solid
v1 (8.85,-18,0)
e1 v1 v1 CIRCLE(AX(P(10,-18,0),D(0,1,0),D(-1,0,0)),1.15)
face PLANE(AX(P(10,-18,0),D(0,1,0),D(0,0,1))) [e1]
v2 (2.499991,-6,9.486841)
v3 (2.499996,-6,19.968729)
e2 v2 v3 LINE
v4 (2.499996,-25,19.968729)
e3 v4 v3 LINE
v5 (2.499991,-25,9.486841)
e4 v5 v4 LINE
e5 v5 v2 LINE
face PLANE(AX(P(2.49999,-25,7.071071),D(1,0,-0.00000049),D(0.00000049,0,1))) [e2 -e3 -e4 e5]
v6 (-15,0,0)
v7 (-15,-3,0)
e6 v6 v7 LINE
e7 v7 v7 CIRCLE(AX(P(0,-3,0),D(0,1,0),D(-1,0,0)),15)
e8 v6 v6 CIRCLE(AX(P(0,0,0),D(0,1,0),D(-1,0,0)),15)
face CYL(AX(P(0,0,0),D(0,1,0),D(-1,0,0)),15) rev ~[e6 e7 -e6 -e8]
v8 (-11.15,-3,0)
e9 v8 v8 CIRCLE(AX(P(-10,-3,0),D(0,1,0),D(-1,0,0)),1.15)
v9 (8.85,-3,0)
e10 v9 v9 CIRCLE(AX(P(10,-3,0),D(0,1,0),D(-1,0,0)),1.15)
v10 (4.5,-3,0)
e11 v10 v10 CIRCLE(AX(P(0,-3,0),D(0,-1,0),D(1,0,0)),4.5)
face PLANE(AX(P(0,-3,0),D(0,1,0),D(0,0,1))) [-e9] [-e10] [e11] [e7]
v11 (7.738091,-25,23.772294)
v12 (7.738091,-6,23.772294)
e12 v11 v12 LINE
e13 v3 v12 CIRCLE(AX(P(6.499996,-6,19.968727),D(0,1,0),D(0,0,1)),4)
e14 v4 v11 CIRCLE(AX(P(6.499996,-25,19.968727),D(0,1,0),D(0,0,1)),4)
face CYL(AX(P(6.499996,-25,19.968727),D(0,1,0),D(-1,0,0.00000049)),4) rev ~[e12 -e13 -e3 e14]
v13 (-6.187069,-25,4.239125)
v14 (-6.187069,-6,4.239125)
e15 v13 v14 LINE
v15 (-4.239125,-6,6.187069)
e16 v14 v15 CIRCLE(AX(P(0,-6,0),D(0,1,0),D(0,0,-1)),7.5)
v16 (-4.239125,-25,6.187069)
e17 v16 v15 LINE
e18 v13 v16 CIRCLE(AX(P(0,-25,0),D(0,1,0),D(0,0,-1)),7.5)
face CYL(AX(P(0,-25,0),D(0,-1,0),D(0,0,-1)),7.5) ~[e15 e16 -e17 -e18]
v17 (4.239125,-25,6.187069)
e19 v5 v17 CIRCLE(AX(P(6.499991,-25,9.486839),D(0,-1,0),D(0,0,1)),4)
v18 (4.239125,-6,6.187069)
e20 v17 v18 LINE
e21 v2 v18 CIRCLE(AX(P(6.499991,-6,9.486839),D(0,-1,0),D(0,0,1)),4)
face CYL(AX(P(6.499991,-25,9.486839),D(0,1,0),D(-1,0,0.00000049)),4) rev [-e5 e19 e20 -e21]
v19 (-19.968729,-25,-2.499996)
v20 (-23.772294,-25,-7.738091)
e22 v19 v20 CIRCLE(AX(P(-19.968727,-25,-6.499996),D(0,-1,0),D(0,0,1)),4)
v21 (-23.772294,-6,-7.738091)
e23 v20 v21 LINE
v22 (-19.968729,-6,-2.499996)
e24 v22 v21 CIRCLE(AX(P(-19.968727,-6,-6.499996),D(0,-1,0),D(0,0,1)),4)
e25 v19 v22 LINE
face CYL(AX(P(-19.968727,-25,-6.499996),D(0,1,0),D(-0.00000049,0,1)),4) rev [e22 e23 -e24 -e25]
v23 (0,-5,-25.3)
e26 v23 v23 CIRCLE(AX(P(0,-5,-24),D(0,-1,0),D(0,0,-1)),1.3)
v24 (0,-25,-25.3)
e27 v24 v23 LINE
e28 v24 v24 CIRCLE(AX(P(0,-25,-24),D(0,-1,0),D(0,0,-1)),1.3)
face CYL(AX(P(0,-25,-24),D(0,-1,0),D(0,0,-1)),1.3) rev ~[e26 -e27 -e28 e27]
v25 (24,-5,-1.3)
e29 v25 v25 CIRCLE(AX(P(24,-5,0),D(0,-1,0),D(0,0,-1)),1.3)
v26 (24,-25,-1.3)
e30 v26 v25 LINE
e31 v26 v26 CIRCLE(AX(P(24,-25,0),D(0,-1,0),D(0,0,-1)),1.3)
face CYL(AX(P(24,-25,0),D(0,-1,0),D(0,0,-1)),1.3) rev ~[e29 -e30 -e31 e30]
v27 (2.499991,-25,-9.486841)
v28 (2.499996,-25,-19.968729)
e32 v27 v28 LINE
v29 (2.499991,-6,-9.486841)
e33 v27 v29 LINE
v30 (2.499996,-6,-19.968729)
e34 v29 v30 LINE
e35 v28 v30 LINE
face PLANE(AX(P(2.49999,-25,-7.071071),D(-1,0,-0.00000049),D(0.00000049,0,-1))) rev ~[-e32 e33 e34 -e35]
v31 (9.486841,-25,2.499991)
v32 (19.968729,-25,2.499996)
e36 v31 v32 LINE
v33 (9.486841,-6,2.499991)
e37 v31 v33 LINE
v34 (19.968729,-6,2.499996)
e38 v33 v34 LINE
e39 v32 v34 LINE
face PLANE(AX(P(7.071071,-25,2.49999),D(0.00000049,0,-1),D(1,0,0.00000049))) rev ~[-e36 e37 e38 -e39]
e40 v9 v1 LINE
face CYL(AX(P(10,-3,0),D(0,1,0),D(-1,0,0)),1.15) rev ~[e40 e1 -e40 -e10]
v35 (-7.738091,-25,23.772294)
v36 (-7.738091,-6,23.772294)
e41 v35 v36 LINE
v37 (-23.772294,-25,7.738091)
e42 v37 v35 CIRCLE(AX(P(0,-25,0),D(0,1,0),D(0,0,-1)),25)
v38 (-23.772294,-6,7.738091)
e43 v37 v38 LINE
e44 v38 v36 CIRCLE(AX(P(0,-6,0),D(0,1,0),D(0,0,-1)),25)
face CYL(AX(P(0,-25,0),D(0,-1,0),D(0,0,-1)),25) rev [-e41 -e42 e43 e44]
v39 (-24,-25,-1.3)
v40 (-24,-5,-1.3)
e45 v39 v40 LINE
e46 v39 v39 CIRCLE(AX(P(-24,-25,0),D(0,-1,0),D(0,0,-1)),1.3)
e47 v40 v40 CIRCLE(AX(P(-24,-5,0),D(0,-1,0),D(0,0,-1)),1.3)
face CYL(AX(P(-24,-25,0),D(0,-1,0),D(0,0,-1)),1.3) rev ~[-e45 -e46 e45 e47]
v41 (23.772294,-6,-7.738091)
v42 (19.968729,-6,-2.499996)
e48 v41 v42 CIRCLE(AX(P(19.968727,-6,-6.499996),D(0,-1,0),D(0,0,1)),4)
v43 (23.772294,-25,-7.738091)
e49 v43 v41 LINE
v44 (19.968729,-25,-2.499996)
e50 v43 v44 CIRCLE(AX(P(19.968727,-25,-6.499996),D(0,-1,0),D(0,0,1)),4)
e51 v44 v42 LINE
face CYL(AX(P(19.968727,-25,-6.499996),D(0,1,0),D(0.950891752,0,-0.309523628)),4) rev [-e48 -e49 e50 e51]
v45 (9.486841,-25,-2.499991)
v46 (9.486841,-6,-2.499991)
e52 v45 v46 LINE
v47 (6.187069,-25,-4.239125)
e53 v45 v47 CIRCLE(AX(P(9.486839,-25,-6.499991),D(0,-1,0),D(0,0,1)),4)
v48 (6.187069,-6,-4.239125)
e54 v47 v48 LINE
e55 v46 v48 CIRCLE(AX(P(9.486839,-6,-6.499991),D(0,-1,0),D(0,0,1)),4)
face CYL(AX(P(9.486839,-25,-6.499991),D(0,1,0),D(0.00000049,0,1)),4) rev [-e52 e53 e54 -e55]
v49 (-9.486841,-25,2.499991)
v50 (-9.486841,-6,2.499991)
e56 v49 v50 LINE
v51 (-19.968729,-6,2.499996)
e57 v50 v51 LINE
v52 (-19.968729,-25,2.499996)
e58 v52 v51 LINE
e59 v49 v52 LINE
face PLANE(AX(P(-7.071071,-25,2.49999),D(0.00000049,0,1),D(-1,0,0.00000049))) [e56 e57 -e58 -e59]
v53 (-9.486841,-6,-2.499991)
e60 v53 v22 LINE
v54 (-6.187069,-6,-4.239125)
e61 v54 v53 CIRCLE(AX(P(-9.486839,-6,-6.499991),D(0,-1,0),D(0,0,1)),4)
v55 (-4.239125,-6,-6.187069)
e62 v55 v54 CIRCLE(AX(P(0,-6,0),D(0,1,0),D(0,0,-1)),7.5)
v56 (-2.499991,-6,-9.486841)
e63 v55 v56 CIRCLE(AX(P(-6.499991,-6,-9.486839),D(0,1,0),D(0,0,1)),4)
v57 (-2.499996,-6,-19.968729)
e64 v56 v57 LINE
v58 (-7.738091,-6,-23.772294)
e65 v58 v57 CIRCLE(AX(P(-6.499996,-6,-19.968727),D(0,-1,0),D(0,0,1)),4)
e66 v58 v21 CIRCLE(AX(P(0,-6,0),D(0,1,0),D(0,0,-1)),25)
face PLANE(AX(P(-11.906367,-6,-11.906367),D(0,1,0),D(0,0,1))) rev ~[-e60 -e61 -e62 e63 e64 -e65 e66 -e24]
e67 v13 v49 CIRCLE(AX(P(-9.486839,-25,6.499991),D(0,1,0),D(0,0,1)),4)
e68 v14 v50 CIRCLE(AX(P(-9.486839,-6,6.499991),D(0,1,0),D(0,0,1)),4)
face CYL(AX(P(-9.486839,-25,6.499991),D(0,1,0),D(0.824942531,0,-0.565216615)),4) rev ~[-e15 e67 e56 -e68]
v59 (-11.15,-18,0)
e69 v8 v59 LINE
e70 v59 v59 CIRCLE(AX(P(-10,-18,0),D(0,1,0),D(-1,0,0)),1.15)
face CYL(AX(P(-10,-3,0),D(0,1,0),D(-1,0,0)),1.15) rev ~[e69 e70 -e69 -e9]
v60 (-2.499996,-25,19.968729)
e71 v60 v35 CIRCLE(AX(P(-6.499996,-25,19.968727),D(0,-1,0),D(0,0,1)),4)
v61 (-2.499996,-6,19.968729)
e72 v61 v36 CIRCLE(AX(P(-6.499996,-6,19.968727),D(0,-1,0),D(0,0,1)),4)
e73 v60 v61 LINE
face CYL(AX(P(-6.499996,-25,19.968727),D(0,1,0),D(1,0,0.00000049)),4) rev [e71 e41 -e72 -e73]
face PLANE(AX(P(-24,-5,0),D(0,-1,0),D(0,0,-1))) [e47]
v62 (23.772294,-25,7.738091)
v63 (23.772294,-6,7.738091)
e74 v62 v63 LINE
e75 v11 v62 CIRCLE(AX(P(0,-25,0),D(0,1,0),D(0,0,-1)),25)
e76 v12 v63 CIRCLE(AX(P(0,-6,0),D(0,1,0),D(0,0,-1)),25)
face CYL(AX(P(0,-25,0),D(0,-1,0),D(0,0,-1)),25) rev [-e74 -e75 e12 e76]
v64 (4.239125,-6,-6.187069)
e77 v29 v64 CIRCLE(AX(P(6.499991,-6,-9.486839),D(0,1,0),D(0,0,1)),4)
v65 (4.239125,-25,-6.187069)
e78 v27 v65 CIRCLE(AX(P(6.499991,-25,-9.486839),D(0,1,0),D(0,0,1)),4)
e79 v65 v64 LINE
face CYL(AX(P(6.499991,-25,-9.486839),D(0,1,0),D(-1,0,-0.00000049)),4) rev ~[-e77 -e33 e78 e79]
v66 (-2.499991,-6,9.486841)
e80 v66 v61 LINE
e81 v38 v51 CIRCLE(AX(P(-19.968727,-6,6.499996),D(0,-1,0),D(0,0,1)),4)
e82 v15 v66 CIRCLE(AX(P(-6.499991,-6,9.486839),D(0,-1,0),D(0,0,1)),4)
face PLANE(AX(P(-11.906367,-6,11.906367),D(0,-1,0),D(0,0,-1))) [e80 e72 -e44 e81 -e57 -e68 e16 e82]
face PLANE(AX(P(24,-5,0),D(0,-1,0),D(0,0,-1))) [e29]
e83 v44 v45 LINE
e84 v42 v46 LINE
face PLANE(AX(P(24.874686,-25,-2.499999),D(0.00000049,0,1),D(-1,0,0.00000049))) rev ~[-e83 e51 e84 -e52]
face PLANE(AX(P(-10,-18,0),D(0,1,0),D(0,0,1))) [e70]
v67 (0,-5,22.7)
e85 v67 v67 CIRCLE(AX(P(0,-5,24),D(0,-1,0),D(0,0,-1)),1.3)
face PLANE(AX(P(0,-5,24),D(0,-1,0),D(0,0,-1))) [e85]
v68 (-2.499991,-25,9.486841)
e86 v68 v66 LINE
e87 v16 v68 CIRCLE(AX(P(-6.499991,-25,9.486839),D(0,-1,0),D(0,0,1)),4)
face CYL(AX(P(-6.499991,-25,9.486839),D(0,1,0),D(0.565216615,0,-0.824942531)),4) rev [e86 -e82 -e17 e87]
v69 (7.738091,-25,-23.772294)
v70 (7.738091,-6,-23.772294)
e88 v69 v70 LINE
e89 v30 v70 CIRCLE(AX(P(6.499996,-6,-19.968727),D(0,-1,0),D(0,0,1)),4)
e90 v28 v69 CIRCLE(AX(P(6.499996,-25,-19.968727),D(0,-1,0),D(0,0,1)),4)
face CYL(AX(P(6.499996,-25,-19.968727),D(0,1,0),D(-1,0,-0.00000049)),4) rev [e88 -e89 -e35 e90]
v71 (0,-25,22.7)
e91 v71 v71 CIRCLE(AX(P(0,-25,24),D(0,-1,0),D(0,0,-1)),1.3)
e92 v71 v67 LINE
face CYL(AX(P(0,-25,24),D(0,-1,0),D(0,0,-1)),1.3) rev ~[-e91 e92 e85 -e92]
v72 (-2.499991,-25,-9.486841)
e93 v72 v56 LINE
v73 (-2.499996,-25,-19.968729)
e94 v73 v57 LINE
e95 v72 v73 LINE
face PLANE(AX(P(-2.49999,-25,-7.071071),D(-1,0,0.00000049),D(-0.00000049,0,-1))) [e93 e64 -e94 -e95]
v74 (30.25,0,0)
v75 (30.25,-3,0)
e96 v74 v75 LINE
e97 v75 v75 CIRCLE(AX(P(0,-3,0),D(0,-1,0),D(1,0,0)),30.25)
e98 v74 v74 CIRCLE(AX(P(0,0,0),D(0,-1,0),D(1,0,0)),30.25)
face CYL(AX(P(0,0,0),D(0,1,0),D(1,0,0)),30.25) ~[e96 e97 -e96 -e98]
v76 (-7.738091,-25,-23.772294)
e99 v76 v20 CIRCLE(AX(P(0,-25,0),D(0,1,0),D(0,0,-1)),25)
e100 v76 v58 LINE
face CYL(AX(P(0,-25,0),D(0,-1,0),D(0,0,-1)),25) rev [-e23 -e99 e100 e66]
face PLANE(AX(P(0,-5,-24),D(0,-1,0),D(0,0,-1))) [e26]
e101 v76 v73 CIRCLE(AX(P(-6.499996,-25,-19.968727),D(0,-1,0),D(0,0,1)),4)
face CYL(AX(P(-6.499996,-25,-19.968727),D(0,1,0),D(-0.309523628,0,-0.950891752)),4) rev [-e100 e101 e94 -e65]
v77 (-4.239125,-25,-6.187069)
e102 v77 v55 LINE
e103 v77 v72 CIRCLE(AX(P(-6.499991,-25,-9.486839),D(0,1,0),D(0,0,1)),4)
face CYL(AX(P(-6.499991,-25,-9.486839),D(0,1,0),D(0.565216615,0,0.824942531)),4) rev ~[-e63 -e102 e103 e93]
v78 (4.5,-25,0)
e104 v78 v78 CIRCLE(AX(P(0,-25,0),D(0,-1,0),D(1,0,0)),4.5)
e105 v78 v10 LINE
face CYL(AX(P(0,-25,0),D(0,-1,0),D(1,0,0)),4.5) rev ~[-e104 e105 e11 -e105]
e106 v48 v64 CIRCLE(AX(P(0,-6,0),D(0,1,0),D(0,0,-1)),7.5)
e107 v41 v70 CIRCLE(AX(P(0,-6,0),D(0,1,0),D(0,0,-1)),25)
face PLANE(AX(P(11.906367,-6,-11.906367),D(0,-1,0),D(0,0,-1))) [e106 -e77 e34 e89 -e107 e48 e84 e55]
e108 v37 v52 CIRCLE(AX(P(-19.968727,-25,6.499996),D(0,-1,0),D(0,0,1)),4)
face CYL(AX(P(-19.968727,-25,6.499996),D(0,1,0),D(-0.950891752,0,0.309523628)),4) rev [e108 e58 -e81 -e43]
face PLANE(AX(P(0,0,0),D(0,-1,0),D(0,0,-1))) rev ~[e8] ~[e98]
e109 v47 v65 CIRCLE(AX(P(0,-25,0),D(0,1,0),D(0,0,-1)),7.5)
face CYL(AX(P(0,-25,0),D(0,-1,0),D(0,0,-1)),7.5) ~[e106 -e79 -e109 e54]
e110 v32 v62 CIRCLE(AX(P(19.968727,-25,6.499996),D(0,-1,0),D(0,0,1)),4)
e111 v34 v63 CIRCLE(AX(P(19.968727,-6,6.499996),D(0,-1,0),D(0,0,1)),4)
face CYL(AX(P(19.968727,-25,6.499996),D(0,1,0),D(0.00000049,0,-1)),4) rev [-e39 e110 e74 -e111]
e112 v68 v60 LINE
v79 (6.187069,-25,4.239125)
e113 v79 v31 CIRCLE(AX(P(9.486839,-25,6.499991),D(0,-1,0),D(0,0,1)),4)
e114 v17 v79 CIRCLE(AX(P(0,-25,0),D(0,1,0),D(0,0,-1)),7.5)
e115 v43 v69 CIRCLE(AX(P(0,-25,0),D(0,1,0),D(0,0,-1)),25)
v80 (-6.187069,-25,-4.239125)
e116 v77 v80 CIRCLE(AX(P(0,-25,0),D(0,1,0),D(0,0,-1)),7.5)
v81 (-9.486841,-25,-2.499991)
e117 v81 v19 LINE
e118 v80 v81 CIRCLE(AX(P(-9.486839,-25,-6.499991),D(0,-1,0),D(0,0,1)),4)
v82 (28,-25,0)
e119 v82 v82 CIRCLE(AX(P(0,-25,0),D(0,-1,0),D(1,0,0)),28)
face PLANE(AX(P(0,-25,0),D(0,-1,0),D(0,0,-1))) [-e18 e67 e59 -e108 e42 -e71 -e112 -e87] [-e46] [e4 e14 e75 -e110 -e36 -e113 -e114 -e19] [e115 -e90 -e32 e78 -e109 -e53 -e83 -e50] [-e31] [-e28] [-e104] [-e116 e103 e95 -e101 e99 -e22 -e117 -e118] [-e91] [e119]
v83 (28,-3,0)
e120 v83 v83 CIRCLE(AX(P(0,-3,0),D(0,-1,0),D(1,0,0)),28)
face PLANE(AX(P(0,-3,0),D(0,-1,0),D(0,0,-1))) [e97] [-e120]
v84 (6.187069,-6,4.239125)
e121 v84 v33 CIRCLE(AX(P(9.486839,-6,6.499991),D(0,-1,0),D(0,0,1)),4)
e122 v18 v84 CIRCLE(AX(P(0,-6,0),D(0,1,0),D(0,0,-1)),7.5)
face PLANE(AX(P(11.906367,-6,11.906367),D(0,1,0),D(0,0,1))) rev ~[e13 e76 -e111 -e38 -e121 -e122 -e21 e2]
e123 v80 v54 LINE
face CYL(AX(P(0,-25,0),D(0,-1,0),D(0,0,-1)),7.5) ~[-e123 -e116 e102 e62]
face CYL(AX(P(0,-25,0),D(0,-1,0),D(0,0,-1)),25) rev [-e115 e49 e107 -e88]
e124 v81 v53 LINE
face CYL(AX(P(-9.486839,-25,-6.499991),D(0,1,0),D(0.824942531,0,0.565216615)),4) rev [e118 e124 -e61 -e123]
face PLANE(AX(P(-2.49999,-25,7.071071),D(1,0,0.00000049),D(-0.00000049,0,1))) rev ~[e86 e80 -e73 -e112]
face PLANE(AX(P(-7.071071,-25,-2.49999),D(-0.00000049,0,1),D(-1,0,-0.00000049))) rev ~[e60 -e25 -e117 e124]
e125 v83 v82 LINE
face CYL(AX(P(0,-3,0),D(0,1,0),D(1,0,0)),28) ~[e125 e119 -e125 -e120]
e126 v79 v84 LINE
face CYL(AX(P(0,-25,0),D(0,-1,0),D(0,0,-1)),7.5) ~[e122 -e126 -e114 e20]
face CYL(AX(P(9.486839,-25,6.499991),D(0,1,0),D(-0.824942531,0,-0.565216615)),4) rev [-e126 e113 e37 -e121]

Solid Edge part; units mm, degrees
sketch "Sketch1" plane through (0, 0, 0) normal (0, -1, 0) x (1, 0, 0)
  circle A0 centre (0, 0) radius 30.25
extrude "Protrusion1" add sketch "Sketch1" along normal blind 3
sketch "Sketch2" plane through (0, -3, 0) normal (0, -1, 0) x (1, 0, 0)
  circle A0 centre (0, 0) radius 28
extrude "ExtrudedProtrusion_2" add sketch "Sketch2" along normal blind 22
sketch "Sketch3" plane through (0, 0, 0) normal (0, 1, 0) x (-1, 0, 0)
  circle A0 centre (0, 0) radius 15
extrude "ExtrudedCutout_1" cut sketch "Sketch3" against normal blind 3 and the other way up to next
sketch "Sketch4" plane through (0, -25, 0) normal (0, -1, 0) x (1, 0, 0)
  circle A0 centre (0, 0) radius 4.5
extrude "Cutout1" cut sketch "Sketch4" against normal through all and the other way up to next
sketch "Sketch5" plane through (0, -3, 0) normal (0, 1, 0) x (-1, 0, 0)
  circle A0 centre (-10, 0) radius 1.15
  circle A1 centre (10, 0) radius 1.15
  dimension "D1" = 2.3
  dimension "D2" = 2.3
  dimension "D3" = 10
  dimension "D4" = 10
extrude "ExtrudedCutout_3" cut sketch "Sketch5" against normal blind 15 and the other way up to next
sketch "Sketch6" plane through (0, -25, 0) normal (0, -1, 0) x (0, 0, -1)
  arc A0 (-24.8747, 2.5) -> (-2.5, 24.8747) centre (0, 0) cw
  line L0 (-2.5, 7.0711) -> (-2.5, 24.8747)
  arc A1 (-7.0711, 2.5) -> (-2.5, 7.0711) centre (0, 0) cw
  line L1 (-7.0711, 2.5) -> (-24.8747, 2.5)
  line L2 (7.0711, 2.5) -> (24.8747, 2.5)
  line L3 (2.5, 24.8747) -> (2.5, 7.0711)
  arc A2 (2.5, 24.8747) -> (24.8747, 2.5) centre (0, 0) cw
  arc A3 (2.5, 7.0711) -> (7.0711, 2.5) centre (0, 0) cw
  line L4 (7.0711, -2.5) -> (24.8747, -2.5)
  arc A4 (24.8747, -2.5) -> (2.5, -24.8747) centre (0, 0) cw
  line L5 (2.5, -7.0711) -> (2.5, -24.8747)
  arc A5 (7.0711, -2.5) -> (2.5, -7.0711) centre (0, 0) cw
  arc A6 (-2.5, -7.0711) -> (-7.0711, -2.5) centre (0, 0) cw
  line L6 (-7.0711, -2.5) -> (-24.8747, -2.5)
  arc A7 (-2.5, -24.8747) -> (-24.8747, -2.5) centre (0, 0) cw
  line L7 (-2.5, -7.0711) -> (-2.5, -24.8747)
extrude "ExtrudedCutout_4" cut sketch "Sketch6" against normal blind 19 and the other way up to next
fillet "Round_1" radius 4 16 edges at (2.5, -15.5, 24.8747) (-2.5, -15.5, 24.8747) (2.5, -15.5, 7.0711) (7.0711, -15.5, 2.5) (24.8747, -15.5, 2.5) (24.8747, -15.5, -2.5) (7.0711, -15.5, -2.5) (2.5, -15.5, -7.0711) (2.5, -15.5, -24.8747) (-2.5, -15.5, -24.8747) (-2.5, -15.5, -7.0711) (-7.0711, -15.5, -2.5) (-2.5, -15.5, 7.0711) (-7.0711, -15.5, 2.5) (-24.8747, -15.5, 2.5) (-24.8747, -15.5, -2.5)
sketch "Sketch7" plane through (0, -25, 0) normal (0, -1, 0) x (0, 0, -1)
  circle A0 centre (0, 24) radius 1.3
  circle A1 centre (-24, 0) radius 1.3
  circle A2 centre (24, 0) radius 1.3
  circle A3 centre (0, -24) radius 1.3
  dimension "D1" = 2.6
  dimension "D2" = 24
  dimension "D3" = 24
  dimension "D4" = 24
  dimension "D5" = 24
extrude "ExtrudedCutout_5" cut sketch "Sketch7" against normal blind 20 and the other way up to next
